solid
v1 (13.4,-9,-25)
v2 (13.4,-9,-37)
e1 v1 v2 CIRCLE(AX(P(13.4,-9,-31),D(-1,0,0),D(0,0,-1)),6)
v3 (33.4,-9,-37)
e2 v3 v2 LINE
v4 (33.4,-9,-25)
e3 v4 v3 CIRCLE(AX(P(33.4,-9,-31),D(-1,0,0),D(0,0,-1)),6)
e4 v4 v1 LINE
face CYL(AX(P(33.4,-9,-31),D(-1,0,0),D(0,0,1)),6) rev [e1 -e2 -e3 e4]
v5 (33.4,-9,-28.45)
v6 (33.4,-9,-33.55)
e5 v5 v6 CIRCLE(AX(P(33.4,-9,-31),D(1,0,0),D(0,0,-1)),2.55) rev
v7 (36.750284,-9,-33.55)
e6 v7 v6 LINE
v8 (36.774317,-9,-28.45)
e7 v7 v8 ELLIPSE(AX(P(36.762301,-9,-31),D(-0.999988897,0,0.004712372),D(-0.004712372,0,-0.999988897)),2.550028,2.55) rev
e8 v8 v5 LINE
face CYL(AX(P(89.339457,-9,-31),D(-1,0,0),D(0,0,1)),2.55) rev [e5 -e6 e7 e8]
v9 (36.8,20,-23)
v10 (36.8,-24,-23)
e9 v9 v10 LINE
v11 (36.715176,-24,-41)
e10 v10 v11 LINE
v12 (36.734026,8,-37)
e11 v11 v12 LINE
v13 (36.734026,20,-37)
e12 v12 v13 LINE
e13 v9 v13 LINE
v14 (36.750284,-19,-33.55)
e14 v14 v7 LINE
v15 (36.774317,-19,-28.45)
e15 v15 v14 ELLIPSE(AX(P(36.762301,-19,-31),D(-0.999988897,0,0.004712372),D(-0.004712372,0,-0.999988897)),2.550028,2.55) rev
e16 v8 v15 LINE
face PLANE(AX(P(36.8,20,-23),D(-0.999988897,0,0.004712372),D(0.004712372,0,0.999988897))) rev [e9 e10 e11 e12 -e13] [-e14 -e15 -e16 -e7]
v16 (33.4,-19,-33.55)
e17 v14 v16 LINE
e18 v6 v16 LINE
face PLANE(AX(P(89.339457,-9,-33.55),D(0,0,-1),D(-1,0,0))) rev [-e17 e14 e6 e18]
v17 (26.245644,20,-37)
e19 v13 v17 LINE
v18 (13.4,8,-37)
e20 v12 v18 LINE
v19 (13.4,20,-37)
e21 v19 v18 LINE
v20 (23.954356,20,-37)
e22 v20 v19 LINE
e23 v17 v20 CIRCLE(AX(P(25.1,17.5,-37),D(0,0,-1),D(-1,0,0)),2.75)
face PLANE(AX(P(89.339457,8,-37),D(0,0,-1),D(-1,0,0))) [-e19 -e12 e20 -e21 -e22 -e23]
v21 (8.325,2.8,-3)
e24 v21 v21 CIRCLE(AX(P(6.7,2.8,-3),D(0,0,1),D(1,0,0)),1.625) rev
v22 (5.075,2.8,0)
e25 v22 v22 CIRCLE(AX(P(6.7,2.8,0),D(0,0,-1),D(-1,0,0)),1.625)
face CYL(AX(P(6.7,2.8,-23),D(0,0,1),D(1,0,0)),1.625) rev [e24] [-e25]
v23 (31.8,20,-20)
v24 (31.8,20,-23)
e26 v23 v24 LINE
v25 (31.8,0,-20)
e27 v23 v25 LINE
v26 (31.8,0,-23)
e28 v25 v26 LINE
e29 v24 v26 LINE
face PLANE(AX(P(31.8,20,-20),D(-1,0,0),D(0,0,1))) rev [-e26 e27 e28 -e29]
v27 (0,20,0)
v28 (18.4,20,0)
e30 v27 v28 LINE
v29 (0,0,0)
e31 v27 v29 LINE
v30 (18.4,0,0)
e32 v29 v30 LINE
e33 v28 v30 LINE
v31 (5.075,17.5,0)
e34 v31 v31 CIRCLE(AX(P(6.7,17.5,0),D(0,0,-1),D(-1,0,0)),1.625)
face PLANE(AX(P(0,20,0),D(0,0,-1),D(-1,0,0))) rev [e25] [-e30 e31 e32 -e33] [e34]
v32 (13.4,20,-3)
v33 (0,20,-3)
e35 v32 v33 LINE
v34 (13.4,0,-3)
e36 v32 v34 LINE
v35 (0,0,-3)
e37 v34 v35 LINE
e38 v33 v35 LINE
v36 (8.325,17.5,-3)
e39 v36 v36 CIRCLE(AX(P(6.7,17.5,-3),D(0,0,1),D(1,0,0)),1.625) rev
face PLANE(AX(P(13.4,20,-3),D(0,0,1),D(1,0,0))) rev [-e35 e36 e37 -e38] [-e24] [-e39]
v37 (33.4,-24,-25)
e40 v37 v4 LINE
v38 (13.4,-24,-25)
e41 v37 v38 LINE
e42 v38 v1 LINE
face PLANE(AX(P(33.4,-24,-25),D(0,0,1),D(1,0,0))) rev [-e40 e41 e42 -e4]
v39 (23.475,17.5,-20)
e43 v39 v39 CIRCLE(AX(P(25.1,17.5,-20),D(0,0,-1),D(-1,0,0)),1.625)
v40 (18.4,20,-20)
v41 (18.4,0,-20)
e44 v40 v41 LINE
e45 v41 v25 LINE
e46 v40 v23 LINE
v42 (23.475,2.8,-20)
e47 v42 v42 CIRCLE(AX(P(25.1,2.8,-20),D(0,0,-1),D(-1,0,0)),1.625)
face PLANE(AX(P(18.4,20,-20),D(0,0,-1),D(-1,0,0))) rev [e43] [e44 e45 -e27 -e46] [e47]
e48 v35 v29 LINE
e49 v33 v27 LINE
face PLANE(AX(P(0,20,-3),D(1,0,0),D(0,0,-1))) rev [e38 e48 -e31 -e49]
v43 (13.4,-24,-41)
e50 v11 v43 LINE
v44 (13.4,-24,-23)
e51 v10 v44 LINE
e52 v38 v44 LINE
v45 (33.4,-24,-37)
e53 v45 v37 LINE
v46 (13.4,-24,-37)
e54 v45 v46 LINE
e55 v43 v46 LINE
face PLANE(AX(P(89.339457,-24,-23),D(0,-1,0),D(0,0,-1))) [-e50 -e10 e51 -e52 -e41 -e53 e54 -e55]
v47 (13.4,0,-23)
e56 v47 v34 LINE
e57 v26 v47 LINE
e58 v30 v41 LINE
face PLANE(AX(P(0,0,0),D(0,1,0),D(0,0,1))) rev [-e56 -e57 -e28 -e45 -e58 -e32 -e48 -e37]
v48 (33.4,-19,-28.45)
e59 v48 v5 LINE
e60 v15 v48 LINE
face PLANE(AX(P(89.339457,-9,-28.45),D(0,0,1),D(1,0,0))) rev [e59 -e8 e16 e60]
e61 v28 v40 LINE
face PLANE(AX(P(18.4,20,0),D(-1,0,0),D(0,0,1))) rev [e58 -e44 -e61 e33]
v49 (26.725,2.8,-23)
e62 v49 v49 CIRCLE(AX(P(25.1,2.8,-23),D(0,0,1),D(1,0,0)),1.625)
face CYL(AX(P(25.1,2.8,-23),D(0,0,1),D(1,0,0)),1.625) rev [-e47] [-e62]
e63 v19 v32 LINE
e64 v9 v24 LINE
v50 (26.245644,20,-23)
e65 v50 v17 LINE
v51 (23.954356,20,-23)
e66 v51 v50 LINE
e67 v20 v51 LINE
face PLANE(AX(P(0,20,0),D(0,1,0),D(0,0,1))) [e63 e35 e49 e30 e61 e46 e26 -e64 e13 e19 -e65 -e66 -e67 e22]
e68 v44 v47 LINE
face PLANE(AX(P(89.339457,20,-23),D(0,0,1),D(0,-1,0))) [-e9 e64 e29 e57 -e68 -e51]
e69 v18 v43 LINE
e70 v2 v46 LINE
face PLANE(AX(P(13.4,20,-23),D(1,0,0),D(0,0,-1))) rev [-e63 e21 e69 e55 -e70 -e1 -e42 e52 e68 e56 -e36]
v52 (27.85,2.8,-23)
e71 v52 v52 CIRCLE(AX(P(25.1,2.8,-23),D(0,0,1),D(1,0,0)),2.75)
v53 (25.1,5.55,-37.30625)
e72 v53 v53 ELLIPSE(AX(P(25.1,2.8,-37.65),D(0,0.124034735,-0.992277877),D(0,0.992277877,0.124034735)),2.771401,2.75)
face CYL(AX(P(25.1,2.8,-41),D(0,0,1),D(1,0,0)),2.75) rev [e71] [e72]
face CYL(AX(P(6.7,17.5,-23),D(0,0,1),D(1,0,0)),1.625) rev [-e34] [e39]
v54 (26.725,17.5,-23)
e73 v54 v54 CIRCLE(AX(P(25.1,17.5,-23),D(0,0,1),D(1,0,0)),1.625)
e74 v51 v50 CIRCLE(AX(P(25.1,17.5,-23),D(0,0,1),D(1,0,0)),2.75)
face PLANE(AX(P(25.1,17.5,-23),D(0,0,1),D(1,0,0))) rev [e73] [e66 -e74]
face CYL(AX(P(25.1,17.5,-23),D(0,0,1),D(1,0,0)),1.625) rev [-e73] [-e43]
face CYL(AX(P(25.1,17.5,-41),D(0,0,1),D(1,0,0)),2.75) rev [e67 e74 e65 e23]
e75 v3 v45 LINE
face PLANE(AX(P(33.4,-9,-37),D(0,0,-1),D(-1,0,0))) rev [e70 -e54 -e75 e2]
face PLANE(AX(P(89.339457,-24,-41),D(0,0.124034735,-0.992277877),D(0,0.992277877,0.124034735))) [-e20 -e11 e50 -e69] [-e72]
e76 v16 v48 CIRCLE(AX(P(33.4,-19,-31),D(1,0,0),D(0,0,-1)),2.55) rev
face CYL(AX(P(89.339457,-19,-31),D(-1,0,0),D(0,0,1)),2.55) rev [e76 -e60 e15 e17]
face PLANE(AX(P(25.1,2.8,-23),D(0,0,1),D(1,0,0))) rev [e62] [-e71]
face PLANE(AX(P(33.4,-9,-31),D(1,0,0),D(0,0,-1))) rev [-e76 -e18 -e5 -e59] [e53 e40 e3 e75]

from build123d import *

# Parameters (mm, degrees)
BOSS_EXTRUDE1_DEPTH = 20
CUT_EXTRUDE1_START  = -4
SKETCH2_R           = 1.625
CUT_EXTRUDE1_DEPTH  = 25
BOSS_EXTRUDE2_DEPTH = 23.4
SKETCH5_R           = 2.75
CUT_EXTRUDE2_DEPTH  = 19
CUT_EXTRUDE3_DEPTH  = 45
CUT_EXTRUDE4_DEPTH  = 20


with BuildPart() as part:
    # Sketch1 → Boss-Extrude1 (new body)
    with BuildSketch(Plane(origin=(0, 0, 0), x_dir=(1, 0, 0), z_dir=(0, 1, 0))):
        Polygon((0, 0), (18.4, 0), (18.4, 20), (31.8, 20), (31.8, 23), (13.4, 23), (13.4, 3), (0, 3), align=None)
    extrude(amount=BOSS_EXTRUDE1_DEPTH)

    # Sketch2 → Cut-Extrude1 (cut)
    with BuildSketch(Plane.XY.offset(-20).offset(CUT_EXTRUDE1_START)):
        with Locations((25.1, 17.5)):
            Circle(SKETCH2_R)
        with Locations((25.1, 2.8)):
            Circle(SKETCH2_R)
    cut_extrude1 = extrude(amount=CUT_EXTRUDE1_DEPTH, mode=Mode.SUBTRACT)

    # Mirror1: Cut-Extrude1 across plane
    add(cut_extrude1.mirror(Plane.ZY.offset(-15.9)), mode=Mode.SUBTRACT)

    # Sketch3 → Boss-Extrude2 (add)
    with BuildSketch(Plane.ZY.offset(-13.4)):
        Polygon((-23, 20), (-23, -24), (-41, -24), (-37, 8), (-37, 20), align=None)
        with BuildLine():
            Line((-28.45, -9), (-28.45, -19))
            ThreePointArc((-28.45, -19), (-31, -21.55), (-33.55, -19))
            Line((-33.55, -19), (-33.55, -9))
            ThreePointArc((-33.55, -9), (-31, -6.45), (-28.45, -9))
        make_face(mode=Mode.SUBTRACT)
    extrude(amount=-BOSS_EXTRUDE2_DEPTH)

    # Sketch5 → Cut-Extrude2 (cut, through all)
    with BuildSketch(Plane.XY.offset(-23)):
        with Locations((25.1, 17.5)):
            Circle(SKETCH5_R)
        with Locations((25.1, 2.8)):
            Circle(SKETCH5_R)
    extrude(amount=-CUT_EXTRUDE2_DEPTH, mode=Mode.SUBTRACT)

    # Sketch4 → Cut-Extrude3 (cut, through all)
    with BuildSketch(Plane.XZ.offset(24)):
        Polygon((36.8, -23), (36.71517637, -41), (36.8, -41), align=None)
    extrude(amount=-CUT_EXTRUDE3_DEPTH, mode=Mode.SUBTRACT)

    # Sketch7 → Cut-Extrude4 (cut)
    with BuildSketch(Plane.ZY.offset(-13.4)):
        with BuildLine():
            Line((-37, -9), (-37, -24))
            Line((-37, -24), (-25, -24))
            Line((-25, -24), (-25, -9))
            ThreePointArc((-25, -9), (-31, -3), (-37, -9))
        make_face()
    extrude(amount=-CUT_EXTRUDE4_DEPTH, mode=Mode.SUBTRACT)


solid = part.part
